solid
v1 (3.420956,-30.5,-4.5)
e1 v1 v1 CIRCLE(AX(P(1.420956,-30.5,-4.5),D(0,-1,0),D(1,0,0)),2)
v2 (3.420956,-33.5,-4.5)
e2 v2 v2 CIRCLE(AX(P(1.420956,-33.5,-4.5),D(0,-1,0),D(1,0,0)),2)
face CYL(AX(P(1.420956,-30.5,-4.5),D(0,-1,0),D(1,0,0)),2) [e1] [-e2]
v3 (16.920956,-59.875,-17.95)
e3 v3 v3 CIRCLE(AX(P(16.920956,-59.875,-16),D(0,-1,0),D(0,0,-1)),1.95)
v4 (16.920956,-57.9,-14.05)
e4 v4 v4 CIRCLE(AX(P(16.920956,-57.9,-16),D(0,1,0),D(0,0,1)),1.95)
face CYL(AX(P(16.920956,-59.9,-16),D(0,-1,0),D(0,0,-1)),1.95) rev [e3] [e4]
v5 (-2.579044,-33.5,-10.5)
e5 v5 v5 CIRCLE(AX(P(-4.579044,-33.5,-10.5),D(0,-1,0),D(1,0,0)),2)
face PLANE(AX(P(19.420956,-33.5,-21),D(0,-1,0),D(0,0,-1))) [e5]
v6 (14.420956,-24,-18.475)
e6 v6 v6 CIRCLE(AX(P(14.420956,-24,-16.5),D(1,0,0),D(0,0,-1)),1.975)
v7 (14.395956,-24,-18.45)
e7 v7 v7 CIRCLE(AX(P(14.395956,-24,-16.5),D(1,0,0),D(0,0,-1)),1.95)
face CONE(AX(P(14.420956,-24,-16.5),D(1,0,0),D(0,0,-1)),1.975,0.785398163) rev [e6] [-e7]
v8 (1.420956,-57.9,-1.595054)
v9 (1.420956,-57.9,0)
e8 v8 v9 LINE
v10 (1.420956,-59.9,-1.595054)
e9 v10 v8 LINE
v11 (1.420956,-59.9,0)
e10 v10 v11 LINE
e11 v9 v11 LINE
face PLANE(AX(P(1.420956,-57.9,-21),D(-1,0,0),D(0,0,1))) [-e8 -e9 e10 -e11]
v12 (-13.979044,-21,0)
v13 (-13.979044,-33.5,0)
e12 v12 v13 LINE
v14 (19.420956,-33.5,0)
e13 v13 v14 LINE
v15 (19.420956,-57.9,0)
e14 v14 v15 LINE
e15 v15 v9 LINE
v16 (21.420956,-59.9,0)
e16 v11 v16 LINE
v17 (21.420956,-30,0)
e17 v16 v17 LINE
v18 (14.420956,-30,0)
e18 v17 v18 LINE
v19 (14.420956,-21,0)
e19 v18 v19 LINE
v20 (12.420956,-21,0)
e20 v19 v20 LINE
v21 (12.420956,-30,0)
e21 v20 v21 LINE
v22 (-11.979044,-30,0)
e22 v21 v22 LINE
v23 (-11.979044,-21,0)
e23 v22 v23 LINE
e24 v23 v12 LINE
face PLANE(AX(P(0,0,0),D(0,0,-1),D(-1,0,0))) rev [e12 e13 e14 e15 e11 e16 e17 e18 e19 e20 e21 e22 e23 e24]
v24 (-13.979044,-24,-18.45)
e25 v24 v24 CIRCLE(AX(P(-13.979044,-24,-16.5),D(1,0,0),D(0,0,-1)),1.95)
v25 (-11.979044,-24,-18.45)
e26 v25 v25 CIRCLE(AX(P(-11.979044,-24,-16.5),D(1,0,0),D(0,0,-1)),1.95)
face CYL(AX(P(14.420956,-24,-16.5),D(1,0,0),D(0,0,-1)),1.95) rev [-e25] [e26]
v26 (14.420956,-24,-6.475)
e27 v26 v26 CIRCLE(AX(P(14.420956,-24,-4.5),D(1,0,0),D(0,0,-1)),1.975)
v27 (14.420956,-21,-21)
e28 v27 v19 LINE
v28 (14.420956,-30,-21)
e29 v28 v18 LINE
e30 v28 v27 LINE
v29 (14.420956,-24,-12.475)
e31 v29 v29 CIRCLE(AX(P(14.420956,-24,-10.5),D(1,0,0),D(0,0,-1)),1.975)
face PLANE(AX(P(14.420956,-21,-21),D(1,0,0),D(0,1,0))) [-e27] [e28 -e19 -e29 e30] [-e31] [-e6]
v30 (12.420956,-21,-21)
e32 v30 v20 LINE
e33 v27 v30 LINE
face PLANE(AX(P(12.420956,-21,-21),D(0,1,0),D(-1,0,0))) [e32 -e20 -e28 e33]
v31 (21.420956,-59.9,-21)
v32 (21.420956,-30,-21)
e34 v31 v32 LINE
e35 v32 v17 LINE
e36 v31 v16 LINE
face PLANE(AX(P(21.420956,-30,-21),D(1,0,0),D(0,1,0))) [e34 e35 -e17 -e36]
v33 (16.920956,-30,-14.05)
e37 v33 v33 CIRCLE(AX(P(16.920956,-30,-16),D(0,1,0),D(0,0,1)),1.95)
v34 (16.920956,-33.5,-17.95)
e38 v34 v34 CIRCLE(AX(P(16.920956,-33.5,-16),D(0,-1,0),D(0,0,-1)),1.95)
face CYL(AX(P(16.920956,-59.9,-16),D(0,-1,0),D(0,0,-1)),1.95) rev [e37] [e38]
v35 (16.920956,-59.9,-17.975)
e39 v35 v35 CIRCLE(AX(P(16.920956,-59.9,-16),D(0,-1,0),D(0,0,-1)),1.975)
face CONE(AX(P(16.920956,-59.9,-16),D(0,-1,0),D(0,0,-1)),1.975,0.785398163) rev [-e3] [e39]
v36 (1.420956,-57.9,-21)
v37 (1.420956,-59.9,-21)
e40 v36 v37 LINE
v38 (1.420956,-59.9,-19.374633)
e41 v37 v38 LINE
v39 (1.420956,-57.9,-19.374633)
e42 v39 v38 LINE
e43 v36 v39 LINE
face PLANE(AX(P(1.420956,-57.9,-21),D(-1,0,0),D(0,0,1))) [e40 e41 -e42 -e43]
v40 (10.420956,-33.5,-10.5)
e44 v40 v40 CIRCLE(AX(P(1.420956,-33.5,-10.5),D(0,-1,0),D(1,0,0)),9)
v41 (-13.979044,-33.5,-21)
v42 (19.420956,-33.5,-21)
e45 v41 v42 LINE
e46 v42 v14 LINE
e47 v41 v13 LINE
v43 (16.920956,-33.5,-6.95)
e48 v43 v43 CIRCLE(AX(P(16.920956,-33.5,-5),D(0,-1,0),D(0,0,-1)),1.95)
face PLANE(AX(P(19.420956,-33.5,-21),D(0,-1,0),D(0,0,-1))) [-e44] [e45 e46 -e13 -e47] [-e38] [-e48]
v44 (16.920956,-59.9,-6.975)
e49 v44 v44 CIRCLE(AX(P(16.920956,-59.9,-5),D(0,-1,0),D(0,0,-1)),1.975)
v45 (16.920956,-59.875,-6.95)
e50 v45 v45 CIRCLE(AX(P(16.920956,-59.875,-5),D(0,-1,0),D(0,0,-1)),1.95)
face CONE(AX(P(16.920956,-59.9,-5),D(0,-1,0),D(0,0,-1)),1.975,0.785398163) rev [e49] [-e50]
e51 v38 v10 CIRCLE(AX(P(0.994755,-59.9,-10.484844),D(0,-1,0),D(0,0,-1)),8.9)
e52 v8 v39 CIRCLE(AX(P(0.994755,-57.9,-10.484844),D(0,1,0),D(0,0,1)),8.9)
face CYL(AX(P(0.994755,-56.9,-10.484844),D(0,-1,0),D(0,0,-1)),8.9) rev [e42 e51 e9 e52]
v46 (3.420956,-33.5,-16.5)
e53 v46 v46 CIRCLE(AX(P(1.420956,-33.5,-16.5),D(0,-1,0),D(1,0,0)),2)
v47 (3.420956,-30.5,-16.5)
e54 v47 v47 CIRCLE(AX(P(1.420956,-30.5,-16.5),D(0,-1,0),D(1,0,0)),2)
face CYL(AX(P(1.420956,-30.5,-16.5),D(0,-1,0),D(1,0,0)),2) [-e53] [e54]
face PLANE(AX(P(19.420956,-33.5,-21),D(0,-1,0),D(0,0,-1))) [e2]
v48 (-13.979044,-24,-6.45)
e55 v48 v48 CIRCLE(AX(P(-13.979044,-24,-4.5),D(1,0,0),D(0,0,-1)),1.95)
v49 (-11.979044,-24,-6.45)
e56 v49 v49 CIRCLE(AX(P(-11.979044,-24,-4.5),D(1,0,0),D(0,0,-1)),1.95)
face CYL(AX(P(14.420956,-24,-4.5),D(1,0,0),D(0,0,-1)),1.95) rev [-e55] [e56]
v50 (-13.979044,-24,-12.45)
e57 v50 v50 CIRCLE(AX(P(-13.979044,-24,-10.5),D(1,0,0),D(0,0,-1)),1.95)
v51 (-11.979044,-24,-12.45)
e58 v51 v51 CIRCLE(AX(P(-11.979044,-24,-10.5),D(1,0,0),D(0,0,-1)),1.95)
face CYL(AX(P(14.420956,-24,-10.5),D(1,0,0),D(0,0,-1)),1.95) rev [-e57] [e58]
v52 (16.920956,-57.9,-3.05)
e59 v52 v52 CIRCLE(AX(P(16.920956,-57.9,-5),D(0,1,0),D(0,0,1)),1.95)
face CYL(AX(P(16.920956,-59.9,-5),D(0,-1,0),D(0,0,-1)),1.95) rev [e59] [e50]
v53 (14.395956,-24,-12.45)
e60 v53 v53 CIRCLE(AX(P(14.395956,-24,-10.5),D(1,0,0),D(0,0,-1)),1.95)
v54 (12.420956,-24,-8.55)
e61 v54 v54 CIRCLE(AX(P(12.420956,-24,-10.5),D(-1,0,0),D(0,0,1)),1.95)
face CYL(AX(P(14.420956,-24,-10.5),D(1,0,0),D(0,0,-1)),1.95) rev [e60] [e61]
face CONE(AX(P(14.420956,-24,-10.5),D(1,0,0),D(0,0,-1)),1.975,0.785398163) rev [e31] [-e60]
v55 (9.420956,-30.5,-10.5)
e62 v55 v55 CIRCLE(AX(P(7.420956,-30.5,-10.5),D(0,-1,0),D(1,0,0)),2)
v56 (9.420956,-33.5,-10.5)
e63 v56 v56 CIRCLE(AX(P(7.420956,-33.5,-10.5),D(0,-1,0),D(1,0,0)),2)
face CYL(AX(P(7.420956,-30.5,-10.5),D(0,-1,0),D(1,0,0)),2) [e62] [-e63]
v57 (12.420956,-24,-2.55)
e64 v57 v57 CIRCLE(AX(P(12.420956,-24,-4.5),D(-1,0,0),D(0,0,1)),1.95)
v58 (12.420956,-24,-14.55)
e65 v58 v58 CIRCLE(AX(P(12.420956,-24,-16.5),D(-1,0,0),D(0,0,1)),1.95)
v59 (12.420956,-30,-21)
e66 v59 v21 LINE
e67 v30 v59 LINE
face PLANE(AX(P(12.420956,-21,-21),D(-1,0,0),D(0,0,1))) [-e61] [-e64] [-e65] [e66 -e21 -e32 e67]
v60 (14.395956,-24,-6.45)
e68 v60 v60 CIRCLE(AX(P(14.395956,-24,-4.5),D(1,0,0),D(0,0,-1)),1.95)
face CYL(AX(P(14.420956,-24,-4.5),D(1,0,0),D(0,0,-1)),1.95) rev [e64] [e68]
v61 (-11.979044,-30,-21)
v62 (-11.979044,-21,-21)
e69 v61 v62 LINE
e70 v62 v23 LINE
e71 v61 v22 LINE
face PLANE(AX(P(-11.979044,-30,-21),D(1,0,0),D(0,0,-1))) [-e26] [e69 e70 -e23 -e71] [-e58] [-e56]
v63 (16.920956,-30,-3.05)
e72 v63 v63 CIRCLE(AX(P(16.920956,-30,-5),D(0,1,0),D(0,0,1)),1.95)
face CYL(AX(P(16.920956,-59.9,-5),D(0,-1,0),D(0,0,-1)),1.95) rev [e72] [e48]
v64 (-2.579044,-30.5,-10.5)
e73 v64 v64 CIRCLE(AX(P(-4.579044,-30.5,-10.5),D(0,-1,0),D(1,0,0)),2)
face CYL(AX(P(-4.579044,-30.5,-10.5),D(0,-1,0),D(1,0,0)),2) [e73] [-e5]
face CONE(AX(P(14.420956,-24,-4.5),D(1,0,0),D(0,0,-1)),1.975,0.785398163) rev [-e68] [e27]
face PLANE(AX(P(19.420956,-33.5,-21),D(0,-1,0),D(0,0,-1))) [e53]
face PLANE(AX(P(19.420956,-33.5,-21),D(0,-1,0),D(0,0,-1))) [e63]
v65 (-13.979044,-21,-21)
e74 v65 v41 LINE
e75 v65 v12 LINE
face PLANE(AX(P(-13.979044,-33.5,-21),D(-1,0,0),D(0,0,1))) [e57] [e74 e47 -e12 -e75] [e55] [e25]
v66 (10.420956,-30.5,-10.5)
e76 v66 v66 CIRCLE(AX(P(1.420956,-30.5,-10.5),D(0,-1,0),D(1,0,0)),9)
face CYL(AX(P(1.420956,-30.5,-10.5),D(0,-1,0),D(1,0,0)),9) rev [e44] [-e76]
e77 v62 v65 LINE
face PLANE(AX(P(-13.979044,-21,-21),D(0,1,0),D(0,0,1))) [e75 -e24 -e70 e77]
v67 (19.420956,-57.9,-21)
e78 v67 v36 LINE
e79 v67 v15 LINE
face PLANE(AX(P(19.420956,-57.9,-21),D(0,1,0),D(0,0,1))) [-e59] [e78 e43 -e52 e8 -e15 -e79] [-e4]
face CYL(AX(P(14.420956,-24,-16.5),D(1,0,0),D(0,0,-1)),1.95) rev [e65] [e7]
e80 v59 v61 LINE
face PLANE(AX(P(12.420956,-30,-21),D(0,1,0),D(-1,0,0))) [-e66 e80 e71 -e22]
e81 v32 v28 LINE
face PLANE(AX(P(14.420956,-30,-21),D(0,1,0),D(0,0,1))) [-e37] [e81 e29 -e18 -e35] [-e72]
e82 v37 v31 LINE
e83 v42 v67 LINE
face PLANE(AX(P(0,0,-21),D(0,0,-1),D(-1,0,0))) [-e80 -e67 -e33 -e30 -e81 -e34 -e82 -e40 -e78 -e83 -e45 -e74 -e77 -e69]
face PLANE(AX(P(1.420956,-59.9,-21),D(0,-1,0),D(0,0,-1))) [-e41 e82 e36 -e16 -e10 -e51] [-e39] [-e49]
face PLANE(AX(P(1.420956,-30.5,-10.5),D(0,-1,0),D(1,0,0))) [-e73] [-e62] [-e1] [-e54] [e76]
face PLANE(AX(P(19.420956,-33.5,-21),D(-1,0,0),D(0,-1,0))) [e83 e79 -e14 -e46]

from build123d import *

# Parameters (mm, degrees)
BOSS_EXTRUDE1_DEPTH              = 21
M3_5_CLEARANCE_HOLE1_D           = 3.9
M3_5_CLEARANCE_HOLE1_CSINK_D     = 3.95
M3_5_CLEARANCE_HOLE1_CSINK_ANGLE = 90
SKETCH4_R                        = 9
SKETCH4_R_2                      = 2
CUT_EXTRUDE1_DEPTH               = 3
SKETCH5_R                        = 8.9
CUT_EXTRUDE2_DEPTH               = 3
M3_5_CLEARANCE_HOLE2_D           = 3.9
M3_5_CLEARANCE_HOLE2_CSINK_D     = 3.95
M3_5_CLEARANCE_HOLE2_CSINK_ANGLE = 90


with BuildPart() as part:
    # Sketch1 → Boss-Extrude1 (new body)
    with BuildSketch(Plane.XY):
        Polygon((14.42095576, -30), (21.42095576, -30), (21.42095576, -59.9), (1.42095576, -59.9), (1.42095576, -57.9), (19.42095576, -57.9), (19.42095576, -33.5), (14.42095576, -33.5), (-13.97904424, -33.5), (-13.97904424, -21), (-11.97904424, -21), (-11.97904424, -30), (12.42095576, -30), (12.42095576, -21), (14.42095576, -21), align=None)
    extrude(amount=-BOSS_EXTRUDE1_DEPTH)

    # M3.5 Clearance Hole1 (through all)
    with Locations(Plane(origin=(14.42095576, 0, 0), x_dir=(0, 0, -1), z_dir=(1, 0, 0))):
        with Locations((4.5, -24), (10.5, -24), (16.5, -24)):
            CounterSinkHole(M3_5_CLEARANCE_HOLE1_D / 2, M3_5_CLEARANCE_HOLE1_CSINK_D / 2, counter_sink_angle=M3_5_CLEARANCE_HOLE1_CSINK_ANGLE)

    # Sketch4 → Cut-Extrude1 (cut)
    with BuildSketch(Plane.XZ.offset(33.5)):
        with Locations((1.42095576, -10.5)):
            Circle(SKETCH4_R)
        with Locations((1.42095576, -4.5)):
            Circle(SKETCH4_R_2, mode=Mode.SUBTRACT)
        with Locations((1.42095576, -16.5)):
            Circle(SKETCH4_R_2, mode=Mode.SUBTRACT)
        with Locations((-4.57904424, -10.5)):
            Circle(SKETCH4_R_2, mode=Mode.SUBTRACT)
        with Locations((7.42095576, -10.5)):
            Circle(SKETCH4_R_2, mode=Mode.SUBTRACT)
    extrude(amount=-CUT_EXTRUDE1_DEPTH, mode=Mode.SUBTRACT)

    # Sketch5 → Cut-Extrude2 (cut)
    with BuildSketch(Plane.XZ.offset(59.9)):
        with Locations((0.99475454, -10.484843567)):
            Circle(SKETCH5_R)
    extrude(amount=-CUT_EXTRUDE2_DEPTH, mode=Mode.SUBTRACT)

    # M3.5 Clearance Hole2 (through all)
    with Locations(Plane(origin=(0, -59.9, 0), x_dir=(-1, 0, 0), z_dir=(0, -1, 0))):
        with Locations((-16.92095576, 16), (-16.92095576, 5)):
            CounterSinkHole(M3_5_CLEARANCE_HOLE2_D / 2, M3_5_CLEARANCE_HOLE2_CSINK_D / 2, counter_sink_angle=M3_5_CLEARANCE_HOLE2_CSINK_ANGLE)


solid = part.part
